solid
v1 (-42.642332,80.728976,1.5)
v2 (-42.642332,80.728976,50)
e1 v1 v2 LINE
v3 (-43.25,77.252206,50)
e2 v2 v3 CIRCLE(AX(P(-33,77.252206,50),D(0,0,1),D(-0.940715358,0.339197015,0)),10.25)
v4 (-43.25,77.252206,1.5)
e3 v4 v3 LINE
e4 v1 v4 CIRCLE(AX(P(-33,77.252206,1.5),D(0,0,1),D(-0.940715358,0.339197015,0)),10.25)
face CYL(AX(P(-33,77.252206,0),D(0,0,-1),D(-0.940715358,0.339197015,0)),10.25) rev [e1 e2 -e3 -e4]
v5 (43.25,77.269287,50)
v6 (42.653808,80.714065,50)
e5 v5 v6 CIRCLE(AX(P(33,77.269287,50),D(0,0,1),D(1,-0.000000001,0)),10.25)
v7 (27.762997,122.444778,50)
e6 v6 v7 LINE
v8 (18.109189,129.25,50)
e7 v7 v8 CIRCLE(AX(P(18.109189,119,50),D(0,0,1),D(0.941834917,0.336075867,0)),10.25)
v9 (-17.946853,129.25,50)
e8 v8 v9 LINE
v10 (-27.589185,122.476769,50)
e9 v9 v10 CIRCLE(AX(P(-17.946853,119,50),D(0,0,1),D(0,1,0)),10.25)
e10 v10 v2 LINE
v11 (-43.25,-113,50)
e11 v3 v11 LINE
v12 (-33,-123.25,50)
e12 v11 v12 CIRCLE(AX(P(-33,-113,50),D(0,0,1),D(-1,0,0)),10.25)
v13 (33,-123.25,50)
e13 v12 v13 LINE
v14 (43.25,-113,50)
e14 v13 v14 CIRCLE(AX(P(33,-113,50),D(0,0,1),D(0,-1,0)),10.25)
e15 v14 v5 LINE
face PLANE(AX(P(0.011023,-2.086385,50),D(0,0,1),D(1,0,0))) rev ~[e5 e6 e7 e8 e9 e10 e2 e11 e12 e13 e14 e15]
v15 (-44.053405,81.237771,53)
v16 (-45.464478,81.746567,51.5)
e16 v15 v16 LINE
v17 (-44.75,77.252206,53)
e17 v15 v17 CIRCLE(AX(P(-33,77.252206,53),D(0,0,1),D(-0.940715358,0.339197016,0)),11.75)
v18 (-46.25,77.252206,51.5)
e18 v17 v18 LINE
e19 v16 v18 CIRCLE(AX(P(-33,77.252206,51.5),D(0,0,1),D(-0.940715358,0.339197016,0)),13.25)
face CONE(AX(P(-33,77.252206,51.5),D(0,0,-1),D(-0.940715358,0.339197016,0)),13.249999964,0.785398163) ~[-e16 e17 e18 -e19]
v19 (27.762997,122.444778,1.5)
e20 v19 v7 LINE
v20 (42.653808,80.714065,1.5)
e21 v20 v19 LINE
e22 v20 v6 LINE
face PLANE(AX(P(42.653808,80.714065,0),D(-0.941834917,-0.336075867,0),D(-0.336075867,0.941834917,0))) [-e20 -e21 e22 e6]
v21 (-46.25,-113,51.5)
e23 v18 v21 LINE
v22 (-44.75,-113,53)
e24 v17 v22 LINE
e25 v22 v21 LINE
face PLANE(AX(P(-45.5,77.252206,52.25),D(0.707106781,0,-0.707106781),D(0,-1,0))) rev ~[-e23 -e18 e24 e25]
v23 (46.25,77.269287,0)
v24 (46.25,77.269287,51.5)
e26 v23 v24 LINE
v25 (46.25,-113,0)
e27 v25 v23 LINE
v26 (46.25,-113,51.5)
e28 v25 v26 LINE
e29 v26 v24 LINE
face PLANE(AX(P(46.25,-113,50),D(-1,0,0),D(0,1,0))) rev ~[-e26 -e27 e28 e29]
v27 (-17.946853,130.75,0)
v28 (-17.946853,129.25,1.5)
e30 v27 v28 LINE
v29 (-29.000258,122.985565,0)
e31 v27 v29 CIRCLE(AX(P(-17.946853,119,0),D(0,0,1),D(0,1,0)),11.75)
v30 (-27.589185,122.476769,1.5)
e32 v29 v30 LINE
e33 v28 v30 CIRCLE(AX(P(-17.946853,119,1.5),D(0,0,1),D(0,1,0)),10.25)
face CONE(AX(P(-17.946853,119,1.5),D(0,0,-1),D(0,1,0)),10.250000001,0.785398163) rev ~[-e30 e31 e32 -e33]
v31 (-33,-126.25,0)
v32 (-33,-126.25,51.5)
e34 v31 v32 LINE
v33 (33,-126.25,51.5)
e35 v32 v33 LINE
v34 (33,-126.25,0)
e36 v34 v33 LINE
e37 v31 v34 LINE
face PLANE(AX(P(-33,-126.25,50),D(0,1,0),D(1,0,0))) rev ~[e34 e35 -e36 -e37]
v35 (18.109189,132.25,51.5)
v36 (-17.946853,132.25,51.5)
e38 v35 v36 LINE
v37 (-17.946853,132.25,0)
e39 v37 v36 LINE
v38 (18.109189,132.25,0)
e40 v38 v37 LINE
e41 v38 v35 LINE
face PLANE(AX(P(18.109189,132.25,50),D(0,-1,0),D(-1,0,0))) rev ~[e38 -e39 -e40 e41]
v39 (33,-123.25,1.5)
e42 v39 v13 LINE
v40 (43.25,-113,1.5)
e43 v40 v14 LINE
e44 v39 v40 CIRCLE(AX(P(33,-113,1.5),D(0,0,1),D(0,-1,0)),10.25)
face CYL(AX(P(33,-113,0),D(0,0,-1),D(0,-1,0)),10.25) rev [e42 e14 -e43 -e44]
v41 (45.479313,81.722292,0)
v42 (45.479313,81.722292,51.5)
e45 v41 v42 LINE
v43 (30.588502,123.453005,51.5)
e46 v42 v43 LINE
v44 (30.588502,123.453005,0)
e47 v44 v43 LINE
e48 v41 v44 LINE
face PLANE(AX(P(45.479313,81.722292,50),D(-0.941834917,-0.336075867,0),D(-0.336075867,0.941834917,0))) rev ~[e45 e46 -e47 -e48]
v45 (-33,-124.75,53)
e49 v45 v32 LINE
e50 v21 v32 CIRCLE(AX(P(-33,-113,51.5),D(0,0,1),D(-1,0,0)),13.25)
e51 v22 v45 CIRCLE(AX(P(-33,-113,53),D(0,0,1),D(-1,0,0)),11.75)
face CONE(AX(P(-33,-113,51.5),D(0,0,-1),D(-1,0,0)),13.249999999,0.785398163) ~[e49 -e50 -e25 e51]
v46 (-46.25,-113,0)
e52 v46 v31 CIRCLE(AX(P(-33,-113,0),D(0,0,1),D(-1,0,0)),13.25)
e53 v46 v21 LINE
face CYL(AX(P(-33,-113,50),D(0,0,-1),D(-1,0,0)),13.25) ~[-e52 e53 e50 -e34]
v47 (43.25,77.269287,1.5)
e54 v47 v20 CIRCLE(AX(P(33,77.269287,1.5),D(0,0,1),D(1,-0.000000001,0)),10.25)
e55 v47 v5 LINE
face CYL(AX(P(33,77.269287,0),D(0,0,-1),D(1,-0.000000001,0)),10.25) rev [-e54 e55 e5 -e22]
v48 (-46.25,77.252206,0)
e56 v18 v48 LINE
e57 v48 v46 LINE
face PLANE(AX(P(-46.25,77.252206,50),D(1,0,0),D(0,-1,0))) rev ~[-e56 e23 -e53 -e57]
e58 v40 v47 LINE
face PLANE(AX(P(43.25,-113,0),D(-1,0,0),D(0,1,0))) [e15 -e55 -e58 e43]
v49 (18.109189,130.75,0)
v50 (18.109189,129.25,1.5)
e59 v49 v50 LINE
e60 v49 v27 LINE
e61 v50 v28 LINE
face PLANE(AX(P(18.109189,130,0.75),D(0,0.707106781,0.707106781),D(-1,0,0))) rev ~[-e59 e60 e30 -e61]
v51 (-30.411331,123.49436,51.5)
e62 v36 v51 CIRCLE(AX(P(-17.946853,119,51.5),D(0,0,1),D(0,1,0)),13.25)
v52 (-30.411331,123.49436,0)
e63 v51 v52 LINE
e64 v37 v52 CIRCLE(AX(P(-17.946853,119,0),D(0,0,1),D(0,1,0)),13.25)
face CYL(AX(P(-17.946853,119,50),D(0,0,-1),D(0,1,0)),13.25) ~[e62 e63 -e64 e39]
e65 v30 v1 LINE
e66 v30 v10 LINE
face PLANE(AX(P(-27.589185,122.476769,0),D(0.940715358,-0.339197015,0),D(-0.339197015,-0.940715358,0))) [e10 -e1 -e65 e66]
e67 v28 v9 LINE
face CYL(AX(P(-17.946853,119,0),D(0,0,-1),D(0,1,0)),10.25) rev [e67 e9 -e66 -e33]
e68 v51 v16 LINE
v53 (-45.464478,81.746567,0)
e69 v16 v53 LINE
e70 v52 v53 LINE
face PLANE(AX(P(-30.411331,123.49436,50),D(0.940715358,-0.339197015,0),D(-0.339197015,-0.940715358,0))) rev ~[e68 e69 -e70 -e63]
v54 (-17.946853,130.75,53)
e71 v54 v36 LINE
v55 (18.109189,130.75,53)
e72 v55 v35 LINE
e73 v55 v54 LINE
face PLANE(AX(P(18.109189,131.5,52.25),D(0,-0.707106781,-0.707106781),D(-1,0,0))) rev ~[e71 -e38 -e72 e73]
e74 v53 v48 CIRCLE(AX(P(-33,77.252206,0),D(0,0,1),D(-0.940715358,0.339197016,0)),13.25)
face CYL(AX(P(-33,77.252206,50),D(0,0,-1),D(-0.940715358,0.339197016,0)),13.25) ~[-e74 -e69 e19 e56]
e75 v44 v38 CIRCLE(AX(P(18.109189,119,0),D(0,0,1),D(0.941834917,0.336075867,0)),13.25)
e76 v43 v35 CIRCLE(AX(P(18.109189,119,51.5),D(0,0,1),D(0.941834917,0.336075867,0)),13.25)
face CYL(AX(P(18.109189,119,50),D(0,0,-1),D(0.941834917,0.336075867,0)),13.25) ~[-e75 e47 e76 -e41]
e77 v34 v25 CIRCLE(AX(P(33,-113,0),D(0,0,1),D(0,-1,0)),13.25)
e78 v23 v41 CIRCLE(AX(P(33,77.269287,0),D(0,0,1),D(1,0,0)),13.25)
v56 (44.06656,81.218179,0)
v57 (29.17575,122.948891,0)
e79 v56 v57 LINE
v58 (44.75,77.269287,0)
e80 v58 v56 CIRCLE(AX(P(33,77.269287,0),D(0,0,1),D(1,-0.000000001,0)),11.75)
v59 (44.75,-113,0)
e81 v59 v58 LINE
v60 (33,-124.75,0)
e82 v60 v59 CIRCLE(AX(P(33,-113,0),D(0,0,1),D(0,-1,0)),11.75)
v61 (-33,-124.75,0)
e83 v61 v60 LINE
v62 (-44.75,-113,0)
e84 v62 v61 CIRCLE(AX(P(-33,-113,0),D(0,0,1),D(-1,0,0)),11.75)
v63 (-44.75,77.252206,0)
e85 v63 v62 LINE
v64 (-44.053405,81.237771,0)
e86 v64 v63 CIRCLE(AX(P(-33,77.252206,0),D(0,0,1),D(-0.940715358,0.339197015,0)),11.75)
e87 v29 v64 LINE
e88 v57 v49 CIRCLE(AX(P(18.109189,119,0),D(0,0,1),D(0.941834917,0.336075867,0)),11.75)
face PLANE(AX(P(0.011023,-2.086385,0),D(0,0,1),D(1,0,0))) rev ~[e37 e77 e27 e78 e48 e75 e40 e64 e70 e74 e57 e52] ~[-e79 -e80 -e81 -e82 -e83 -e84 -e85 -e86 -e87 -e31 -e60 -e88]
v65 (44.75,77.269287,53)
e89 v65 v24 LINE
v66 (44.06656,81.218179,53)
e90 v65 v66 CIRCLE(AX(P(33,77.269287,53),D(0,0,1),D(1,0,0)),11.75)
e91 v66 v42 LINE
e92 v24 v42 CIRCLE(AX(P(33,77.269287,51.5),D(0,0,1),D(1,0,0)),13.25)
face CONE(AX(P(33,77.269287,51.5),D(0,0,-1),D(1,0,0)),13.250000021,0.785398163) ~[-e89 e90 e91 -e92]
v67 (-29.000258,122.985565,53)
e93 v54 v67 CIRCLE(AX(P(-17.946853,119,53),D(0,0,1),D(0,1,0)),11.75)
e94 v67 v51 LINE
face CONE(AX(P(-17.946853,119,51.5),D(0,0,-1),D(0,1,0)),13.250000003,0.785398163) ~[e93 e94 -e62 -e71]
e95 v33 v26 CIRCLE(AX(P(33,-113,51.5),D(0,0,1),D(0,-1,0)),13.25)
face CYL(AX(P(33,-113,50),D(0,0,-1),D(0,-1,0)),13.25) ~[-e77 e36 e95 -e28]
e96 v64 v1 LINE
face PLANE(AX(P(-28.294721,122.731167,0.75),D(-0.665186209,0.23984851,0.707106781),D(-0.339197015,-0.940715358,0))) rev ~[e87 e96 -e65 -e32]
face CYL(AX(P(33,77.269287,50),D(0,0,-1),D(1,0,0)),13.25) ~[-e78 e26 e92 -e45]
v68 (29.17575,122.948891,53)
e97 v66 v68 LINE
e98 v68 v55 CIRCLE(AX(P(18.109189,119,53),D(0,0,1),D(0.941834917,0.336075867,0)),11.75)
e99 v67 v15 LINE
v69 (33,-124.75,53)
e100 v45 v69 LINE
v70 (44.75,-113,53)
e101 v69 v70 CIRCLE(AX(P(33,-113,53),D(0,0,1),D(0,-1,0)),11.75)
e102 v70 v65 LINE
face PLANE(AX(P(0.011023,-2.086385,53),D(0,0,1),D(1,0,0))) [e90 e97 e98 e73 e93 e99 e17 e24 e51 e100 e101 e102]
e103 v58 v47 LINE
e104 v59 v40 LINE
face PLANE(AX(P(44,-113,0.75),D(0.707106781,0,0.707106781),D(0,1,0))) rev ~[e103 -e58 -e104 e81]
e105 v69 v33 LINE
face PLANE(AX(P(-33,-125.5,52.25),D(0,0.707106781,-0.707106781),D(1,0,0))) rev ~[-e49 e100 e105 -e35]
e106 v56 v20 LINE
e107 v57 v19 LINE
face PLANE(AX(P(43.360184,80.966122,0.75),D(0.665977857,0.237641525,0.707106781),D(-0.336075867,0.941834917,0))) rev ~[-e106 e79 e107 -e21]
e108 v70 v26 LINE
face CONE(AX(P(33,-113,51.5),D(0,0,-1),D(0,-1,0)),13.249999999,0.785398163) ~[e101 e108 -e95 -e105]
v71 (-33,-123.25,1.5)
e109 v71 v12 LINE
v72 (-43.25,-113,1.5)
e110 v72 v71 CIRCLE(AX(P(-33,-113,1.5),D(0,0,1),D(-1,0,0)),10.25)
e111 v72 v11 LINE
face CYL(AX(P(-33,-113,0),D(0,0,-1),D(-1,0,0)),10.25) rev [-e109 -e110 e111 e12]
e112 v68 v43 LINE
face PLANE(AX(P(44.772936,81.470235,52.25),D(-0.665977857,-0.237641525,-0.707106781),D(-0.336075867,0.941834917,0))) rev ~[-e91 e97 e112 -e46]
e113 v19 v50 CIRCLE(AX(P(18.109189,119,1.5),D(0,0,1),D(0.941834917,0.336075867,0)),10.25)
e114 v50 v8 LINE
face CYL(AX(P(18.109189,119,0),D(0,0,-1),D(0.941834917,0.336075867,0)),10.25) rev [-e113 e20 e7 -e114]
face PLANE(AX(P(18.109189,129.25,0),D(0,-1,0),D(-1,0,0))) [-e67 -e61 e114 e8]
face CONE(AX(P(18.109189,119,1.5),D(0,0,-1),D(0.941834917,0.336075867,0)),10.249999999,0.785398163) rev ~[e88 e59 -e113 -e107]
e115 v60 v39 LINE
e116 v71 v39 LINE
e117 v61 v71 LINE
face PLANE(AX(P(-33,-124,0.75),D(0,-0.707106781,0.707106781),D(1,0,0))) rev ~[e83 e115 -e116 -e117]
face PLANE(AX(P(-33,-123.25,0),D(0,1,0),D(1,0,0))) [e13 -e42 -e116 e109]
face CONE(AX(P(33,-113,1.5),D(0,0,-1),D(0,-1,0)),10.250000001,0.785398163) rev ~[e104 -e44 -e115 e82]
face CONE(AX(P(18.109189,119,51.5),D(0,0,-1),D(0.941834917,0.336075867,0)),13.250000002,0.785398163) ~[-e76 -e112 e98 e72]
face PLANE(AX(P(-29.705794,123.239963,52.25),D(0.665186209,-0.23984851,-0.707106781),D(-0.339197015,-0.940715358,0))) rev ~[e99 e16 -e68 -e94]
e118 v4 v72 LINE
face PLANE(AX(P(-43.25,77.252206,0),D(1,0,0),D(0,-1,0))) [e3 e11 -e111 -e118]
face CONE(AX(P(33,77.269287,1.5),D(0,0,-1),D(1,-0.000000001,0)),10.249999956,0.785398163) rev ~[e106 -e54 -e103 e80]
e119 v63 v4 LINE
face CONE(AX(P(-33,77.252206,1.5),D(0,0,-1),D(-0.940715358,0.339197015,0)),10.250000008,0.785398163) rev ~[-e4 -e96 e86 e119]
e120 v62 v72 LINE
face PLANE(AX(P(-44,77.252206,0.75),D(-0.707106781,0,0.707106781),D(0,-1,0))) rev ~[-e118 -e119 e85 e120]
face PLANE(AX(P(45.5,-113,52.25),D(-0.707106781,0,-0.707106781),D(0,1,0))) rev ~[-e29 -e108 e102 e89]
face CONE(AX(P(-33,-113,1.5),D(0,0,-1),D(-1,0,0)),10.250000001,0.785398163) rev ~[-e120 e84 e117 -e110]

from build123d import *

# Parameters (mm, degrees)
BOSS_EXTRUDE1_DEPTH = 50
BOSS_EXTRUDE2_DEPTH = 3
CHAMFER1_SIZE       = 1.5


with BuildPart() as part:
    # Sketch1 → Boss-Extrude1 (new body)
    with BuildSketch(Plane.XY):
        with BuildLine():
            Line((-46.25, 77.25220626), (-46.25, -113))
            ThreePointArc((-46.25, -113), (-42.369164851, -122.369164851), (-33, -126.25))
            Line((-33, -126.25), (33, -126.25))
            ThreePointArc((33, -126.25), (42.369164851, -122.369164851), (46.25, -113))
            Line((46.25, -113), (46.25, 77.269287137))
            ThreePointArc((46.25, 77.269287137), (46.055906569, 79.528889681), (45.479312656, 81.722292374))
            Line((45.479312656, 81.722292374), (30.588501914, 123.453005237))
            ThreePointArc((30.588501914, 123.453005237), (25.743329046, 129.829700351), (18.109189258, 132.25))
            Line((18.109189258, 132.25), (-17.946852503, 132.25))
            ThreePointArc((-17.946852503, 132.25), (-25.56302687, 129.842342367), (-30.411330997, 123.494360454))
            Line((-30.411330997, 123.494360454), (-45.464478493, 81.746566714))
            ThreePointArc((-45.464478493, 81.746566714), (-46.052142354, 79.53345153), (-46.25, 77.25220626))
        make_face()
        with BuildLine():
            ThreePointArc((-43.25, -113), (-40.247844507, -120.247844507), (-33, -123.25))
            Line((-33, -123.25), (33, -123.25))
            ThreePointArc((33, -123.25), (40.247844507, -120.247844507), (43.25, -113))
            Line((43.25, -113), (43.25, 77.269287137))
            ThreePointArc((43.25, 77.269287137), (43.099852252, 79.017281558), (42.653807903, 80.714064773))
            Line((42.653807903, 80.714064773), (27.762997162, 122.444777636))
            ThreePointArc((27.762997162, 122.444777636), (24.014844566, 127.377692725), (18.109189258, 129.25))
            Line((18.109189258, 129.25), (-17.946852503, 129.25))
            ThreePointArc((-17.946852503, 129.25), (-23.838610033, 127.387472397), (-27.589184923, 122.476769408))
            Line((-27.589184923, 122.476769408), (-42.642332419, 80.728975668))
            ThreePointArc((-42.642332419, 80.728975668), (-43.096940311, 79.016943167), (-43.25, 77.25220626))
            Line((-43.25, 77.25220626), (-43.25, -113))
        make_face(mode=Mode.SUBTRACT)
    extrude(amount=BOSS_EXTRUDE1_DEPTH)

    # Sketch3 → Boss-Extrude2 (add)
    with BuildSketch(Plane.XY.offset(50)):
        with BuildLine():
            Line((-46.25, 77.25220626), (-46.25, -113))
            ThreePointArc((-46.25, -113), (-42.369164851, -122.369164851), (-33, -126.25))
            Line((-33, -126.25), (33, -126.25))
            ThreePointArc((33, -126.25), (42.369164851, -122.369164851), (46.25, -113))
            Line((46.25, -113), (46.25, 77.269287137))
            ThreePointArc((46.25, 77.269287137), (46.055906569, 79.528889681), (45.479312656, 81.722292374))
            Line((45.479312656, 81.722292374), (30.588501914, 123.453005237))
            ThreePointArc((30.588501914, 123.453005237), (25.743329046, 129.829700351), (18.109189258, 132.25))
            Line((18.109189258, 132.25), (-17.946852503, 132.25))
            ThreePointArc((-17.946852503, 132.25), (-25.56302687, 129.842342367), (-30.411330997, 123.494360454))
            Line((-30.411330997, 123.494360454), (-45.464478493, 81.746566714))
            ThreePointArc((-45.464478493, 81.746566714), (-46.052142354, 79.53345153), (-46.25, 77.25220626))
        make_face()
    extrude(amount=BOSS_EXTRUDE2_DEPTH)

    # Chamfer1
    chamfer1_edges = [part.edges().sort_by_distance(p)[0] for p in [
        (0, -123.25, 0),
        (40.247844507, -120.247844507, 0),
        (43.25, -17.865356432, 0),
        (43.099852252, 79.017281558, 0),
        (35.208402533, 101.579421205, 0),
        (24.014844566, 127.377692725, 0),
        (0.081168378, 129.25, 0),
        (-23.838610033, 127.387472397, 0),
        (-35.115758671, 101.602872538, 0),
        (-43.096940311, 79.016943167, 0),
        (-43.25, -17.87389687, 0),
        (-40.247844507, -120.247844507, 0),
        (-46.052142354, 79.53345153, 53),
        (-46.25, -17.87389687, 53),
        (-42.369164851, -122.369164851, 53),
        (0, -126.25, 53),
        (42.369164851, -122.369164851, 53),
        (46.25, -17.865356432, 53),
        (46.055906569, 79.528889681, 53),
        (38.033907285, 102.587648806, 53),
        (25.743329046, 129.829700351, 53),
        (0.081168378, 132.25, 53),
        (-25.56302687, 129.842342367, 53),
        (-37.937904745, 102.620463584, 53),
    ]]
    chamfer(chamfer1_edges, length=CHAMFER1_SIZE)


solid = part.part
